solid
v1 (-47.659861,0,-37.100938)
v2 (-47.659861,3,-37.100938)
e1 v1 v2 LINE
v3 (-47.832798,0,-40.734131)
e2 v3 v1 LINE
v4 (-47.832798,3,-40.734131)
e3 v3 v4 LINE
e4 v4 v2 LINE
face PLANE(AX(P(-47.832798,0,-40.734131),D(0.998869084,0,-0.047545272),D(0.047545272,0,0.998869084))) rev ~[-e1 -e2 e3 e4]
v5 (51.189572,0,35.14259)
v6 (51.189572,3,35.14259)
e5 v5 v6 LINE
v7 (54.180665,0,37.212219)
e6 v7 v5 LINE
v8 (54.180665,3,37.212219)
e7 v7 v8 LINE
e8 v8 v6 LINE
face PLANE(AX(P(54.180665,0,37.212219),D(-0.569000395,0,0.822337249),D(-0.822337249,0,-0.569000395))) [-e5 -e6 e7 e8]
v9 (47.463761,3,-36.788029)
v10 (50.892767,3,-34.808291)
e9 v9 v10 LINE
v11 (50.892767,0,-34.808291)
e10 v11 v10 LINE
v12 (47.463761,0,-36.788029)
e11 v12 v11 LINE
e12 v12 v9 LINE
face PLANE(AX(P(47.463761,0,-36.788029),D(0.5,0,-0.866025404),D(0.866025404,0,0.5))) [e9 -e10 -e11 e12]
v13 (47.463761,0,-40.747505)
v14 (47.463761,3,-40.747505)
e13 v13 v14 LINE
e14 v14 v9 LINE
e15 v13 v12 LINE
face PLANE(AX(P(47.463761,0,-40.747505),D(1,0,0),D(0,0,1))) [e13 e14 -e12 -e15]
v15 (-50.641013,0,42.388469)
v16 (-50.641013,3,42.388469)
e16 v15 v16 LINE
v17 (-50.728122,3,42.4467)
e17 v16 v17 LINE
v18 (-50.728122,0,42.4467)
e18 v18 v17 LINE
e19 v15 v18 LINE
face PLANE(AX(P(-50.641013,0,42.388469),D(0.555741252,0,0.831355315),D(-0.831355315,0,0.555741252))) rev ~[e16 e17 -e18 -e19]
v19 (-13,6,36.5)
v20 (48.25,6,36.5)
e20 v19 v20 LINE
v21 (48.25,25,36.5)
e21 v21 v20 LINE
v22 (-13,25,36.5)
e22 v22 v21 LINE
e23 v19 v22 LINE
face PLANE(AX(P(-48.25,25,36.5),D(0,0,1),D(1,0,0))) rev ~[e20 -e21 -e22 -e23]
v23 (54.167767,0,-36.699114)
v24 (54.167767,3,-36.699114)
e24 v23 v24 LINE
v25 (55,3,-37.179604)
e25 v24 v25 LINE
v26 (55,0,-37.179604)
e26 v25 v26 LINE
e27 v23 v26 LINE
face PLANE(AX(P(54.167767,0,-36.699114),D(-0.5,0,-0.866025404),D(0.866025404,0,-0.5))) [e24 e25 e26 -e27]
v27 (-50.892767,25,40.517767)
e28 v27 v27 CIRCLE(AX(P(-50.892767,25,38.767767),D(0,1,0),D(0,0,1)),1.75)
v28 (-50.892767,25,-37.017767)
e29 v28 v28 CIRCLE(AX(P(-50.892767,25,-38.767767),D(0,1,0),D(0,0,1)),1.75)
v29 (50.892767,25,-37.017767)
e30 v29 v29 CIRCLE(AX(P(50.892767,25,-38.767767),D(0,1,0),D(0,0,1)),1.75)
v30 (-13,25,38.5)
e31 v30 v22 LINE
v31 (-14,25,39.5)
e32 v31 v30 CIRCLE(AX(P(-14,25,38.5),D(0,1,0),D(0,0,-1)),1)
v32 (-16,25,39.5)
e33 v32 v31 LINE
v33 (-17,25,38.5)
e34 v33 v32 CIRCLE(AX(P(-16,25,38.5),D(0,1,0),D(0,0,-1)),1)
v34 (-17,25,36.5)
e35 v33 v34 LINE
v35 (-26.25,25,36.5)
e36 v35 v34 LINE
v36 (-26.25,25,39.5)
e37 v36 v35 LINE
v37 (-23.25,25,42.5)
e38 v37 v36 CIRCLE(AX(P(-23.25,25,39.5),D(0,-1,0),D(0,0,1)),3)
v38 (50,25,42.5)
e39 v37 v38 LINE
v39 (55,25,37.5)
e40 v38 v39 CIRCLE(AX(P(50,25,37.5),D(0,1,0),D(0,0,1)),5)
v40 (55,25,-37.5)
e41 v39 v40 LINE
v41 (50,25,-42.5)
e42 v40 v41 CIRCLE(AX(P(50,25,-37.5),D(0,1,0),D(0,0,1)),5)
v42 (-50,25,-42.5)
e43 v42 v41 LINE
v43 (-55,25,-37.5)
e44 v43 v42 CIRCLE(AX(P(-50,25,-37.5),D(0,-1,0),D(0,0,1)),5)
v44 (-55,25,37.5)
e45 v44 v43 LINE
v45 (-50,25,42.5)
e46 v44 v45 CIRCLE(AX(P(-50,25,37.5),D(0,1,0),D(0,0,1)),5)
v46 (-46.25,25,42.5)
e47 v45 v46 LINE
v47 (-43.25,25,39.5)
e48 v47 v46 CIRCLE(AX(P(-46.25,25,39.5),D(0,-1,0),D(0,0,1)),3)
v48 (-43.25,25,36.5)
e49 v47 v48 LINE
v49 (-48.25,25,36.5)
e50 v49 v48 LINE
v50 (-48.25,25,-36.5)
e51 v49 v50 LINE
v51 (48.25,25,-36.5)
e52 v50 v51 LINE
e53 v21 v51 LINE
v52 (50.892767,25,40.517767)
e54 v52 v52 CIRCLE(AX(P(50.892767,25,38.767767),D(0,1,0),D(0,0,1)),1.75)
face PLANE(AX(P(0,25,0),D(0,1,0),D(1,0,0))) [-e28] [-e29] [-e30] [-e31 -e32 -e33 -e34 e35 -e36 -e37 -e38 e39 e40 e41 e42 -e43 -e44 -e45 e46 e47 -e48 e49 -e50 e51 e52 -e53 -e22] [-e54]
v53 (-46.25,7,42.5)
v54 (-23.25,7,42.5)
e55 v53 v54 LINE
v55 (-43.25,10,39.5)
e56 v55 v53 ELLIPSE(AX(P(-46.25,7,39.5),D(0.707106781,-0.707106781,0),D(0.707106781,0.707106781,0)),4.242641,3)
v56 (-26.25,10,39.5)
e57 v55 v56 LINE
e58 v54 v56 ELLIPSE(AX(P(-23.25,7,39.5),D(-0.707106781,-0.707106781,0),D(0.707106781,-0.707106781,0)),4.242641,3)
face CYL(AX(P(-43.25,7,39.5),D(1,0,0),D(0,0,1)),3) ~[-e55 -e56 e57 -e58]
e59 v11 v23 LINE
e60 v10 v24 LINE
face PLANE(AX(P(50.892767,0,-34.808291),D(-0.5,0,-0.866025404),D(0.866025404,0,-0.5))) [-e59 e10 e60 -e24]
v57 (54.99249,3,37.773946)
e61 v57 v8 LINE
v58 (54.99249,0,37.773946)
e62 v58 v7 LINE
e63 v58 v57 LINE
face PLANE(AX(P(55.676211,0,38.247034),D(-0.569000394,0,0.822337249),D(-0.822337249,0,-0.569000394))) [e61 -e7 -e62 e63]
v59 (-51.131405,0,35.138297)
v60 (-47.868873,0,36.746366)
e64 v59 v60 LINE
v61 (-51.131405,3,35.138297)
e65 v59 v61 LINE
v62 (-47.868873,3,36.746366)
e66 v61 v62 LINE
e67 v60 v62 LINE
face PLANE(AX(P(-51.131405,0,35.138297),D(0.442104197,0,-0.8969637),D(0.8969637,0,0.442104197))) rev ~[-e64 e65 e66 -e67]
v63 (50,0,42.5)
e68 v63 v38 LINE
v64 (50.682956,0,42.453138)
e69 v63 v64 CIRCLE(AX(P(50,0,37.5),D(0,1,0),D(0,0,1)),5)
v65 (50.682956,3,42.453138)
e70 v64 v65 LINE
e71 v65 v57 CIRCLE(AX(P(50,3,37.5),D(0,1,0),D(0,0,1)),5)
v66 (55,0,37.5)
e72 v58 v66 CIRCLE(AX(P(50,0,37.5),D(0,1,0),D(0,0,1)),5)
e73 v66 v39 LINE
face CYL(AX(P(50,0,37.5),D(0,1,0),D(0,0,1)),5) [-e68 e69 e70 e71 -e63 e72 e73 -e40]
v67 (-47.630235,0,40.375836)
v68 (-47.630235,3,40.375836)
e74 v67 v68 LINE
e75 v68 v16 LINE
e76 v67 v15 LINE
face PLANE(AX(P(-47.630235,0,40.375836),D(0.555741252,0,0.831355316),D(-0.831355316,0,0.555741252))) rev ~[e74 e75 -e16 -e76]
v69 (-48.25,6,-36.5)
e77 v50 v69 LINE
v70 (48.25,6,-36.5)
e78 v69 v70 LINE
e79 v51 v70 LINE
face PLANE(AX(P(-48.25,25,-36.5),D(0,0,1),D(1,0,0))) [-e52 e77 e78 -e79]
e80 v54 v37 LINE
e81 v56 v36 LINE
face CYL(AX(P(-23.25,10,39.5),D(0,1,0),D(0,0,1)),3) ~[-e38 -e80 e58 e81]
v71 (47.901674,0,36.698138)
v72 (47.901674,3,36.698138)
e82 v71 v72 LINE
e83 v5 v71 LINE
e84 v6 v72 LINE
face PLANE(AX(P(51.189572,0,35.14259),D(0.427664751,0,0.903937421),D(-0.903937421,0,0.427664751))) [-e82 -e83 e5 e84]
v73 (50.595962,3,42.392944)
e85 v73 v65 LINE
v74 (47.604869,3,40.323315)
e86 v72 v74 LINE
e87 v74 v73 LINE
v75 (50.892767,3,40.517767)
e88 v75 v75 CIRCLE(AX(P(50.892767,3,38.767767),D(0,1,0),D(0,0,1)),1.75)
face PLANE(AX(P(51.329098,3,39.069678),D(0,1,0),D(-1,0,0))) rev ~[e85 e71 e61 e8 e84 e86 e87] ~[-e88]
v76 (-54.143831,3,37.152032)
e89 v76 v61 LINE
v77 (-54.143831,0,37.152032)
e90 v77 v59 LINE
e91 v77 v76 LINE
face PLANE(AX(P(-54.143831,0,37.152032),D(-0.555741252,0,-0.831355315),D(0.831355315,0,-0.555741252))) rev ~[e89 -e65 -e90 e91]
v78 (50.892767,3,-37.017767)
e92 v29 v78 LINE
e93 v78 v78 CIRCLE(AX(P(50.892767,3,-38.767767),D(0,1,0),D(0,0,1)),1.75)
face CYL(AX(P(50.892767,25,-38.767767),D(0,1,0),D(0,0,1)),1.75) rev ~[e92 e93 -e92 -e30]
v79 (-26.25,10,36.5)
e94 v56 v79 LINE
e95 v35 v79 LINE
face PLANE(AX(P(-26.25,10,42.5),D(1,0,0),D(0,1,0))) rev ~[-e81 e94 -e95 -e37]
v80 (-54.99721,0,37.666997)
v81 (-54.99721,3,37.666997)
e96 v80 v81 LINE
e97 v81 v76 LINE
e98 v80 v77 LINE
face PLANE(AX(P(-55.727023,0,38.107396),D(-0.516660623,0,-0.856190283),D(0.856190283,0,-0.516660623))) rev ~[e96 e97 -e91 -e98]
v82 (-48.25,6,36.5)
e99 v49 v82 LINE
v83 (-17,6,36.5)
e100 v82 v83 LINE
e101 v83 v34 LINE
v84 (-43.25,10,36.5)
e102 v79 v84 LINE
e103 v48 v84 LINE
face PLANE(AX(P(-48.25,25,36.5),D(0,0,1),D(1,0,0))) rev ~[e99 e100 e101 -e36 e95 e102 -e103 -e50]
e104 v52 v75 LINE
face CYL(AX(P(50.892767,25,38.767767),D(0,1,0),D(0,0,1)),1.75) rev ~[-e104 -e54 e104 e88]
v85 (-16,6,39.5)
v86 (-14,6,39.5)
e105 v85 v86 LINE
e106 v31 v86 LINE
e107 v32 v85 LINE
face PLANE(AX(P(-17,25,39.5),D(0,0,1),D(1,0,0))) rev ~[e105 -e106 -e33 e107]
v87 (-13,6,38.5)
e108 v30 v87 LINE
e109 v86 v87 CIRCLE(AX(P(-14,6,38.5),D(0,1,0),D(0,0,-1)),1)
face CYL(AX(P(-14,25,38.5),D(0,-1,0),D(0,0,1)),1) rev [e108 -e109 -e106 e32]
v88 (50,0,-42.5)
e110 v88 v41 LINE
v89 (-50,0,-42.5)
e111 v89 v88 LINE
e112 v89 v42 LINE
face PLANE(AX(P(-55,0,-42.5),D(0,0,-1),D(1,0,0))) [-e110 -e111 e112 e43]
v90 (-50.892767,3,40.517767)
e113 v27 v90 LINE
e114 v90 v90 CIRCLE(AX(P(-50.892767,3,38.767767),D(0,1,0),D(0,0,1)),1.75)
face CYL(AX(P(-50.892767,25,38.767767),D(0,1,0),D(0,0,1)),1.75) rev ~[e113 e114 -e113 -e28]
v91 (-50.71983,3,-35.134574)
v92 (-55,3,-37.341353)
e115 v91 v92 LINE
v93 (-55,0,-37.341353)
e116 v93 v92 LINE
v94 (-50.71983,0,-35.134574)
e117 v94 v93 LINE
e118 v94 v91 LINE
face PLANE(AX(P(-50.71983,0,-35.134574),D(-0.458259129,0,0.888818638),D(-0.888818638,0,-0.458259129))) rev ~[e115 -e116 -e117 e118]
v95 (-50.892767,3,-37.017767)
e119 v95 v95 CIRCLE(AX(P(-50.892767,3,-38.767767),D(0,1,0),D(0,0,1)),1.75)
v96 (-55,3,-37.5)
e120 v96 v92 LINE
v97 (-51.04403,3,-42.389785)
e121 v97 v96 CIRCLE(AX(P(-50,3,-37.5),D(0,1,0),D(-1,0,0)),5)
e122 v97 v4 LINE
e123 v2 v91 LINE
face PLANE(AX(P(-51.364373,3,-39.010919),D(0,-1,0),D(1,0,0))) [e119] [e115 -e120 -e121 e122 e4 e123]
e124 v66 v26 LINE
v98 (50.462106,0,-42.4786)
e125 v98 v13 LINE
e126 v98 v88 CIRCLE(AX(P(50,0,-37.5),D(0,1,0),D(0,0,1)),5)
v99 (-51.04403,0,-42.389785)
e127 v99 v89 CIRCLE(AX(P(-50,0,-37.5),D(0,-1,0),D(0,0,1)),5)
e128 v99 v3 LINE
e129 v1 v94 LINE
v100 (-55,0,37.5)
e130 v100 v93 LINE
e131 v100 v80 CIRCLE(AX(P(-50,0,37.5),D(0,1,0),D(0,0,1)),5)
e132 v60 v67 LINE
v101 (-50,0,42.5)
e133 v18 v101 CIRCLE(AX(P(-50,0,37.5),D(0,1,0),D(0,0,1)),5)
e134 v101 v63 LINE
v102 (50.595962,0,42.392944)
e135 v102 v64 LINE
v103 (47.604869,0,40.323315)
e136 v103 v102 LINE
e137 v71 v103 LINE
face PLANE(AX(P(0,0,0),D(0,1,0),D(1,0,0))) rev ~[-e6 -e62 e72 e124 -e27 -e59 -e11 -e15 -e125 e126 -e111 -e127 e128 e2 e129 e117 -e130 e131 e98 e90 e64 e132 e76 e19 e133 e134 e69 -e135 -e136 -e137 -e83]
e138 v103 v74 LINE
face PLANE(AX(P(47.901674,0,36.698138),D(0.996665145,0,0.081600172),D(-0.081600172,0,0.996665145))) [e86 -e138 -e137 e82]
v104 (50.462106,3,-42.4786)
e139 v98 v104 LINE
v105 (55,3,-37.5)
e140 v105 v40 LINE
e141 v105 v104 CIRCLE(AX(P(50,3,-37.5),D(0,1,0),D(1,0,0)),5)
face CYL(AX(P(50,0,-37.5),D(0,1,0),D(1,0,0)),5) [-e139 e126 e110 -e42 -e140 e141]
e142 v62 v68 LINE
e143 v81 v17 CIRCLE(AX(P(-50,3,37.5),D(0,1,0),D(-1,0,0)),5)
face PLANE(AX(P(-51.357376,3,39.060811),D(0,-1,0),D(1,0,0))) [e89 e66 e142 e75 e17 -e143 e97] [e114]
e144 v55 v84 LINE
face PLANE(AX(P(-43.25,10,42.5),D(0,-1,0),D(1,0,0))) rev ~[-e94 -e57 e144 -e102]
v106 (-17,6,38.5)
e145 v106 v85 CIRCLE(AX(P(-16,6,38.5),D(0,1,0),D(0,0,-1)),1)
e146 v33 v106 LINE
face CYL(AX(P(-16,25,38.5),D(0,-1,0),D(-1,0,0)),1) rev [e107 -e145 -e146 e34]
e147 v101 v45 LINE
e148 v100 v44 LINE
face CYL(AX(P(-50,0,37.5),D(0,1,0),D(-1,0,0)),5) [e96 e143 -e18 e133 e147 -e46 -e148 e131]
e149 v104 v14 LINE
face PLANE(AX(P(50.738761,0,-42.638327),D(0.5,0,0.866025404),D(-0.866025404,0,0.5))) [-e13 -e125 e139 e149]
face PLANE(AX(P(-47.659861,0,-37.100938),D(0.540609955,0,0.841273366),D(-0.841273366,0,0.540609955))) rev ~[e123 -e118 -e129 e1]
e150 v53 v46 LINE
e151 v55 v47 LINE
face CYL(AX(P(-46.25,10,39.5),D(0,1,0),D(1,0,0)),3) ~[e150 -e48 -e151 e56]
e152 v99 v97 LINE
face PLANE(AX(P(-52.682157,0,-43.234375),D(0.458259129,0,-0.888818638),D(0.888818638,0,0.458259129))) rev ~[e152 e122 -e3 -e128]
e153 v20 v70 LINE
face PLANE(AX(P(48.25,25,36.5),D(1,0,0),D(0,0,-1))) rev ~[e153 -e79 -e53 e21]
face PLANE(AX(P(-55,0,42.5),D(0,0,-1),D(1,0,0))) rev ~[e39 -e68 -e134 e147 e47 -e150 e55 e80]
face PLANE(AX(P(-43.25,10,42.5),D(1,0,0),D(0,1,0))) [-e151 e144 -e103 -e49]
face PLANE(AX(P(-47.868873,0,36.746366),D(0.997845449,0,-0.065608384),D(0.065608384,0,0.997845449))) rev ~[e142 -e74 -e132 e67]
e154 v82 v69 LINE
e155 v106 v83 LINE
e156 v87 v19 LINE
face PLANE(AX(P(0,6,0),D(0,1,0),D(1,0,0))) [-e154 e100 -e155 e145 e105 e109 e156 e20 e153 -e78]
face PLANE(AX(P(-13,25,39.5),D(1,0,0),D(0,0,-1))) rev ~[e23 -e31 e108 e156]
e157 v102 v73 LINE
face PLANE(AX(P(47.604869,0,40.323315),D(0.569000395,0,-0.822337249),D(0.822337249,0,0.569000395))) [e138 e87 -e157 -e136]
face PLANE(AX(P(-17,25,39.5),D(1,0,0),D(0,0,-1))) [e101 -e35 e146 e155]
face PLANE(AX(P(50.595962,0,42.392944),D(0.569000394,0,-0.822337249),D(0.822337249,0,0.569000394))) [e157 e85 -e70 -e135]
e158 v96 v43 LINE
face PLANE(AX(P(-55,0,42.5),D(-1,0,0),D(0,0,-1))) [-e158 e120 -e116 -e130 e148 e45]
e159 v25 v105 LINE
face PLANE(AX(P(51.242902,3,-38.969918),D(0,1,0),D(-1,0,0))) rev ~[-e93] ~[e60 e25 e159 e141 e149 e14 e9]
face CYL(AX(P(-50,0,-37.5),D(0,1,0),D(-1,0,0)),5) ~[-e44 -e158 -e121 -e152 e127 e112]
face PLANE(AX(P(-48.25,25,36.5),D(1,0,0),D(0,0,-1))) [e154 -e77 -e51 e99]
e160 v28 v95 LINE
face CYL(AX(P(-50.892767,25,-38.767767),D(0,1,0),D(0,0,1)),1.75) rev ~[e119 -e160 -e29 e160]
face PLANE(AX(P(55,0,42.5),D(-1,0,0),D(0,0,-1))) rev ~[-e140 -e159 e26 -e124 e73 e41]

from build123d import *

# Parameters (mm, degrees)
SKETCH1_W                 = 110
SKETCH1_H                 = 85
BASE_DEPTH                = 25
FILLET1_R                 = 5
SKETCH2_W                 = 96.5
SKETCH2_H                 = 73
BASKET_DEPTH              = 19
SKETCH3_W                 = 4
SKETCH3_H                 = 6
WIRE_CHANNEL_DEPTH        = 19
WIRE_CHANNEL_ROUNDING_R   = 1
SWITCH_CUT_OUT_REACH      = 106.283
SKETCH5_W                 = 17
SKETCH5_H                 = 15
SWITCH_CUT_OUT_ROUNDING_R = 3
SKETCH14_R                = 1.75
CORNER_HOLES_DEPTH        = 74.866433513
BOTTOM_NUT_CUT_OUT_DEPTH  = 3


with BuildPart() as part:
    # Sketch1 → Base (new body)
    with BuildSketch(Plane(origin=(0, 0, 0), x_dir=(1, 0, 0), z_dir=(0, 1, 0))):
        Rectangle(SKETCH1_W, SKETCH1_H)
    extrude(amount=BASE_DEPTH)

    # Fillet1
    fillet1_edges = [part.edges().sort_by_distance(p)[0] for p in [
        (55, 12.5, 42.5),
        (-55, 12.5, 42.5),
        (-55, 12.5, -42.5),
        (55, 12.5, -42.5),
    ]]
    fillet(fillet1_edges, radius=FILLET1_R)

    # Sketch2 → Basket (cut)
    with BuildSketch(Plane(origin=(0, 25, 0), x_dir=(1, 0, 0), z_dir=(0, 1, 0))):
        Rectangle(SKETCH2_W, SKETCH2_H)
    extrude(amount=-BASKET_DEPTH, mode=Mode.SUBTRACT)

    # Sketch3 → Wire Channel (cut)
    with BuildSketch(Plane(origin=(0, 25, 0), x_dir=(1, 0, 0), z_dir=(0, 1, 0))):
        with Locations((-15, -36.5)):
            Rectangle(SKETCH3_W, SKETCH3_H)
    extrude(amount=-WIRE_CHANNEL_DEPTH, mode=Mode.SUBTRACT)

    # Wire Channel Rounding
    wire_channel_rounding_edges = [part.edges().sort_by_distance(p)[0] for p in [
        (-17, 15.5, 39.5),
        (-13, 15.5, 39.5),
    ]]
    fillet(wire_channel_rounding_edges, radius=WIRE_CHANNEL_ROUNDING_R)

    # Sketch5 → Switch Cut-out (cut, up to next)
    with BuildSketch(Plane.XY.offset(42.5), mode=Mode.PRIVATE) as switch_cut_out_sk1:
        with Locations((-34.75, 17.5)):
            Rectangle(SKETCH5_W, SKETCH5_H)
    switch_cut_out_tool1 = extrude(switch_cut_out_sk1.sketch, amount=-SWITCH_CUT_OUT_REACH, mode=Mode.PRIVATE) & part.part
    add(switch_cut_out_tool1.solids().sort_by_distance((-34.75, 17.5, 42.5))[0], mode=Mode.SUBTRACT)

    # Switch Cut-out Rounding
    switch_cut_out_rounding_edges = [part.edges().sort_by_distance(p)[0] for p in [
        (-43.25, 17.5, 42.5),
        (-34.75, 10, 42.5),
        (-26.25, 17.5, 42.5),
    ]]
    fillet(switch_cut_out_rounding_edges, radius=SWITCH_CUT_OUT_ROUNDING_R)

    # Sketch14 → Corner Holes (cut, through all)
    with BuildSketch(Plane(origin=(0, 25, 0), x_dir=(1, 0, 0), z_dir=(0, 1, 0))):
        with Locations(Location((-50.892766953, 38.767766953, 0), (0, 0, 270))):
            Circle(SKETCH14_R)
        with Locations(Location((50.892766953, 38.767766953, 0), (0, 0, 270))):
            Circle(SKETCH14_R)
        with Locations(Location((50.892766953, -38.767766953, 0), (0, 0, 270))):
            Circle(SKETCH14_R)
        with Locations(Location((-50.892766953, -38.767766953, 0), (0, 0, 270))):
            Circle(SKETCH14_R)
    extrude(amount=-CORNER_HOLES_DEPTH, mode=Mode.SUBTRACT)

    # Sketch15 → Bottom Nut Cut-out (cut)
    with BuildSketch(Plane.XZ):
        Polygon((-50.64101323, 42.388469214), (-52.178282629, 43.416097239), (-55.727023172, 38.10739593), (-54.143831126, 37.15203238), (-51.13140477, 35.13829702), (-47.868872697, 36.746365575), (-47.630234881, 40.375835508), align=None)
        Polygon((50.595962101, 42.39294376), (52.091508492, 43.427758232), (55.676210978, 38.247033564), (54.180664587, 37.212219092), (51.189571805, 35.142590146), (47.901674171, 36.698138008), (47.604869319, 40.323314814), align=None)
        Polygon((54.167766953, -36.699113605), (55.742766953, -37.608440279), (52.313760602, -43.547653498), (50.738760602, -42.638326824), (47.463760602, -40.747504693), (47.463760602, -36.788029213), (50.892766953, -34.808291473), align=None)
        Polygon((-53.9527362, -36.801402743), (-55.569189191, -37.634817242), (-52.682156679, -43.23437466), (-51.065703688, -42.400960161), (-47.832797706, -40.734131163), (-47.65986097, -37.100937955), (-50.719830218, -35.134573745), align=None)
    extrude(amount=-BOTTOM_NUT_CUT_OUT_DEPTH, mode=Mode.SUBTRACT)


solid = part.part
